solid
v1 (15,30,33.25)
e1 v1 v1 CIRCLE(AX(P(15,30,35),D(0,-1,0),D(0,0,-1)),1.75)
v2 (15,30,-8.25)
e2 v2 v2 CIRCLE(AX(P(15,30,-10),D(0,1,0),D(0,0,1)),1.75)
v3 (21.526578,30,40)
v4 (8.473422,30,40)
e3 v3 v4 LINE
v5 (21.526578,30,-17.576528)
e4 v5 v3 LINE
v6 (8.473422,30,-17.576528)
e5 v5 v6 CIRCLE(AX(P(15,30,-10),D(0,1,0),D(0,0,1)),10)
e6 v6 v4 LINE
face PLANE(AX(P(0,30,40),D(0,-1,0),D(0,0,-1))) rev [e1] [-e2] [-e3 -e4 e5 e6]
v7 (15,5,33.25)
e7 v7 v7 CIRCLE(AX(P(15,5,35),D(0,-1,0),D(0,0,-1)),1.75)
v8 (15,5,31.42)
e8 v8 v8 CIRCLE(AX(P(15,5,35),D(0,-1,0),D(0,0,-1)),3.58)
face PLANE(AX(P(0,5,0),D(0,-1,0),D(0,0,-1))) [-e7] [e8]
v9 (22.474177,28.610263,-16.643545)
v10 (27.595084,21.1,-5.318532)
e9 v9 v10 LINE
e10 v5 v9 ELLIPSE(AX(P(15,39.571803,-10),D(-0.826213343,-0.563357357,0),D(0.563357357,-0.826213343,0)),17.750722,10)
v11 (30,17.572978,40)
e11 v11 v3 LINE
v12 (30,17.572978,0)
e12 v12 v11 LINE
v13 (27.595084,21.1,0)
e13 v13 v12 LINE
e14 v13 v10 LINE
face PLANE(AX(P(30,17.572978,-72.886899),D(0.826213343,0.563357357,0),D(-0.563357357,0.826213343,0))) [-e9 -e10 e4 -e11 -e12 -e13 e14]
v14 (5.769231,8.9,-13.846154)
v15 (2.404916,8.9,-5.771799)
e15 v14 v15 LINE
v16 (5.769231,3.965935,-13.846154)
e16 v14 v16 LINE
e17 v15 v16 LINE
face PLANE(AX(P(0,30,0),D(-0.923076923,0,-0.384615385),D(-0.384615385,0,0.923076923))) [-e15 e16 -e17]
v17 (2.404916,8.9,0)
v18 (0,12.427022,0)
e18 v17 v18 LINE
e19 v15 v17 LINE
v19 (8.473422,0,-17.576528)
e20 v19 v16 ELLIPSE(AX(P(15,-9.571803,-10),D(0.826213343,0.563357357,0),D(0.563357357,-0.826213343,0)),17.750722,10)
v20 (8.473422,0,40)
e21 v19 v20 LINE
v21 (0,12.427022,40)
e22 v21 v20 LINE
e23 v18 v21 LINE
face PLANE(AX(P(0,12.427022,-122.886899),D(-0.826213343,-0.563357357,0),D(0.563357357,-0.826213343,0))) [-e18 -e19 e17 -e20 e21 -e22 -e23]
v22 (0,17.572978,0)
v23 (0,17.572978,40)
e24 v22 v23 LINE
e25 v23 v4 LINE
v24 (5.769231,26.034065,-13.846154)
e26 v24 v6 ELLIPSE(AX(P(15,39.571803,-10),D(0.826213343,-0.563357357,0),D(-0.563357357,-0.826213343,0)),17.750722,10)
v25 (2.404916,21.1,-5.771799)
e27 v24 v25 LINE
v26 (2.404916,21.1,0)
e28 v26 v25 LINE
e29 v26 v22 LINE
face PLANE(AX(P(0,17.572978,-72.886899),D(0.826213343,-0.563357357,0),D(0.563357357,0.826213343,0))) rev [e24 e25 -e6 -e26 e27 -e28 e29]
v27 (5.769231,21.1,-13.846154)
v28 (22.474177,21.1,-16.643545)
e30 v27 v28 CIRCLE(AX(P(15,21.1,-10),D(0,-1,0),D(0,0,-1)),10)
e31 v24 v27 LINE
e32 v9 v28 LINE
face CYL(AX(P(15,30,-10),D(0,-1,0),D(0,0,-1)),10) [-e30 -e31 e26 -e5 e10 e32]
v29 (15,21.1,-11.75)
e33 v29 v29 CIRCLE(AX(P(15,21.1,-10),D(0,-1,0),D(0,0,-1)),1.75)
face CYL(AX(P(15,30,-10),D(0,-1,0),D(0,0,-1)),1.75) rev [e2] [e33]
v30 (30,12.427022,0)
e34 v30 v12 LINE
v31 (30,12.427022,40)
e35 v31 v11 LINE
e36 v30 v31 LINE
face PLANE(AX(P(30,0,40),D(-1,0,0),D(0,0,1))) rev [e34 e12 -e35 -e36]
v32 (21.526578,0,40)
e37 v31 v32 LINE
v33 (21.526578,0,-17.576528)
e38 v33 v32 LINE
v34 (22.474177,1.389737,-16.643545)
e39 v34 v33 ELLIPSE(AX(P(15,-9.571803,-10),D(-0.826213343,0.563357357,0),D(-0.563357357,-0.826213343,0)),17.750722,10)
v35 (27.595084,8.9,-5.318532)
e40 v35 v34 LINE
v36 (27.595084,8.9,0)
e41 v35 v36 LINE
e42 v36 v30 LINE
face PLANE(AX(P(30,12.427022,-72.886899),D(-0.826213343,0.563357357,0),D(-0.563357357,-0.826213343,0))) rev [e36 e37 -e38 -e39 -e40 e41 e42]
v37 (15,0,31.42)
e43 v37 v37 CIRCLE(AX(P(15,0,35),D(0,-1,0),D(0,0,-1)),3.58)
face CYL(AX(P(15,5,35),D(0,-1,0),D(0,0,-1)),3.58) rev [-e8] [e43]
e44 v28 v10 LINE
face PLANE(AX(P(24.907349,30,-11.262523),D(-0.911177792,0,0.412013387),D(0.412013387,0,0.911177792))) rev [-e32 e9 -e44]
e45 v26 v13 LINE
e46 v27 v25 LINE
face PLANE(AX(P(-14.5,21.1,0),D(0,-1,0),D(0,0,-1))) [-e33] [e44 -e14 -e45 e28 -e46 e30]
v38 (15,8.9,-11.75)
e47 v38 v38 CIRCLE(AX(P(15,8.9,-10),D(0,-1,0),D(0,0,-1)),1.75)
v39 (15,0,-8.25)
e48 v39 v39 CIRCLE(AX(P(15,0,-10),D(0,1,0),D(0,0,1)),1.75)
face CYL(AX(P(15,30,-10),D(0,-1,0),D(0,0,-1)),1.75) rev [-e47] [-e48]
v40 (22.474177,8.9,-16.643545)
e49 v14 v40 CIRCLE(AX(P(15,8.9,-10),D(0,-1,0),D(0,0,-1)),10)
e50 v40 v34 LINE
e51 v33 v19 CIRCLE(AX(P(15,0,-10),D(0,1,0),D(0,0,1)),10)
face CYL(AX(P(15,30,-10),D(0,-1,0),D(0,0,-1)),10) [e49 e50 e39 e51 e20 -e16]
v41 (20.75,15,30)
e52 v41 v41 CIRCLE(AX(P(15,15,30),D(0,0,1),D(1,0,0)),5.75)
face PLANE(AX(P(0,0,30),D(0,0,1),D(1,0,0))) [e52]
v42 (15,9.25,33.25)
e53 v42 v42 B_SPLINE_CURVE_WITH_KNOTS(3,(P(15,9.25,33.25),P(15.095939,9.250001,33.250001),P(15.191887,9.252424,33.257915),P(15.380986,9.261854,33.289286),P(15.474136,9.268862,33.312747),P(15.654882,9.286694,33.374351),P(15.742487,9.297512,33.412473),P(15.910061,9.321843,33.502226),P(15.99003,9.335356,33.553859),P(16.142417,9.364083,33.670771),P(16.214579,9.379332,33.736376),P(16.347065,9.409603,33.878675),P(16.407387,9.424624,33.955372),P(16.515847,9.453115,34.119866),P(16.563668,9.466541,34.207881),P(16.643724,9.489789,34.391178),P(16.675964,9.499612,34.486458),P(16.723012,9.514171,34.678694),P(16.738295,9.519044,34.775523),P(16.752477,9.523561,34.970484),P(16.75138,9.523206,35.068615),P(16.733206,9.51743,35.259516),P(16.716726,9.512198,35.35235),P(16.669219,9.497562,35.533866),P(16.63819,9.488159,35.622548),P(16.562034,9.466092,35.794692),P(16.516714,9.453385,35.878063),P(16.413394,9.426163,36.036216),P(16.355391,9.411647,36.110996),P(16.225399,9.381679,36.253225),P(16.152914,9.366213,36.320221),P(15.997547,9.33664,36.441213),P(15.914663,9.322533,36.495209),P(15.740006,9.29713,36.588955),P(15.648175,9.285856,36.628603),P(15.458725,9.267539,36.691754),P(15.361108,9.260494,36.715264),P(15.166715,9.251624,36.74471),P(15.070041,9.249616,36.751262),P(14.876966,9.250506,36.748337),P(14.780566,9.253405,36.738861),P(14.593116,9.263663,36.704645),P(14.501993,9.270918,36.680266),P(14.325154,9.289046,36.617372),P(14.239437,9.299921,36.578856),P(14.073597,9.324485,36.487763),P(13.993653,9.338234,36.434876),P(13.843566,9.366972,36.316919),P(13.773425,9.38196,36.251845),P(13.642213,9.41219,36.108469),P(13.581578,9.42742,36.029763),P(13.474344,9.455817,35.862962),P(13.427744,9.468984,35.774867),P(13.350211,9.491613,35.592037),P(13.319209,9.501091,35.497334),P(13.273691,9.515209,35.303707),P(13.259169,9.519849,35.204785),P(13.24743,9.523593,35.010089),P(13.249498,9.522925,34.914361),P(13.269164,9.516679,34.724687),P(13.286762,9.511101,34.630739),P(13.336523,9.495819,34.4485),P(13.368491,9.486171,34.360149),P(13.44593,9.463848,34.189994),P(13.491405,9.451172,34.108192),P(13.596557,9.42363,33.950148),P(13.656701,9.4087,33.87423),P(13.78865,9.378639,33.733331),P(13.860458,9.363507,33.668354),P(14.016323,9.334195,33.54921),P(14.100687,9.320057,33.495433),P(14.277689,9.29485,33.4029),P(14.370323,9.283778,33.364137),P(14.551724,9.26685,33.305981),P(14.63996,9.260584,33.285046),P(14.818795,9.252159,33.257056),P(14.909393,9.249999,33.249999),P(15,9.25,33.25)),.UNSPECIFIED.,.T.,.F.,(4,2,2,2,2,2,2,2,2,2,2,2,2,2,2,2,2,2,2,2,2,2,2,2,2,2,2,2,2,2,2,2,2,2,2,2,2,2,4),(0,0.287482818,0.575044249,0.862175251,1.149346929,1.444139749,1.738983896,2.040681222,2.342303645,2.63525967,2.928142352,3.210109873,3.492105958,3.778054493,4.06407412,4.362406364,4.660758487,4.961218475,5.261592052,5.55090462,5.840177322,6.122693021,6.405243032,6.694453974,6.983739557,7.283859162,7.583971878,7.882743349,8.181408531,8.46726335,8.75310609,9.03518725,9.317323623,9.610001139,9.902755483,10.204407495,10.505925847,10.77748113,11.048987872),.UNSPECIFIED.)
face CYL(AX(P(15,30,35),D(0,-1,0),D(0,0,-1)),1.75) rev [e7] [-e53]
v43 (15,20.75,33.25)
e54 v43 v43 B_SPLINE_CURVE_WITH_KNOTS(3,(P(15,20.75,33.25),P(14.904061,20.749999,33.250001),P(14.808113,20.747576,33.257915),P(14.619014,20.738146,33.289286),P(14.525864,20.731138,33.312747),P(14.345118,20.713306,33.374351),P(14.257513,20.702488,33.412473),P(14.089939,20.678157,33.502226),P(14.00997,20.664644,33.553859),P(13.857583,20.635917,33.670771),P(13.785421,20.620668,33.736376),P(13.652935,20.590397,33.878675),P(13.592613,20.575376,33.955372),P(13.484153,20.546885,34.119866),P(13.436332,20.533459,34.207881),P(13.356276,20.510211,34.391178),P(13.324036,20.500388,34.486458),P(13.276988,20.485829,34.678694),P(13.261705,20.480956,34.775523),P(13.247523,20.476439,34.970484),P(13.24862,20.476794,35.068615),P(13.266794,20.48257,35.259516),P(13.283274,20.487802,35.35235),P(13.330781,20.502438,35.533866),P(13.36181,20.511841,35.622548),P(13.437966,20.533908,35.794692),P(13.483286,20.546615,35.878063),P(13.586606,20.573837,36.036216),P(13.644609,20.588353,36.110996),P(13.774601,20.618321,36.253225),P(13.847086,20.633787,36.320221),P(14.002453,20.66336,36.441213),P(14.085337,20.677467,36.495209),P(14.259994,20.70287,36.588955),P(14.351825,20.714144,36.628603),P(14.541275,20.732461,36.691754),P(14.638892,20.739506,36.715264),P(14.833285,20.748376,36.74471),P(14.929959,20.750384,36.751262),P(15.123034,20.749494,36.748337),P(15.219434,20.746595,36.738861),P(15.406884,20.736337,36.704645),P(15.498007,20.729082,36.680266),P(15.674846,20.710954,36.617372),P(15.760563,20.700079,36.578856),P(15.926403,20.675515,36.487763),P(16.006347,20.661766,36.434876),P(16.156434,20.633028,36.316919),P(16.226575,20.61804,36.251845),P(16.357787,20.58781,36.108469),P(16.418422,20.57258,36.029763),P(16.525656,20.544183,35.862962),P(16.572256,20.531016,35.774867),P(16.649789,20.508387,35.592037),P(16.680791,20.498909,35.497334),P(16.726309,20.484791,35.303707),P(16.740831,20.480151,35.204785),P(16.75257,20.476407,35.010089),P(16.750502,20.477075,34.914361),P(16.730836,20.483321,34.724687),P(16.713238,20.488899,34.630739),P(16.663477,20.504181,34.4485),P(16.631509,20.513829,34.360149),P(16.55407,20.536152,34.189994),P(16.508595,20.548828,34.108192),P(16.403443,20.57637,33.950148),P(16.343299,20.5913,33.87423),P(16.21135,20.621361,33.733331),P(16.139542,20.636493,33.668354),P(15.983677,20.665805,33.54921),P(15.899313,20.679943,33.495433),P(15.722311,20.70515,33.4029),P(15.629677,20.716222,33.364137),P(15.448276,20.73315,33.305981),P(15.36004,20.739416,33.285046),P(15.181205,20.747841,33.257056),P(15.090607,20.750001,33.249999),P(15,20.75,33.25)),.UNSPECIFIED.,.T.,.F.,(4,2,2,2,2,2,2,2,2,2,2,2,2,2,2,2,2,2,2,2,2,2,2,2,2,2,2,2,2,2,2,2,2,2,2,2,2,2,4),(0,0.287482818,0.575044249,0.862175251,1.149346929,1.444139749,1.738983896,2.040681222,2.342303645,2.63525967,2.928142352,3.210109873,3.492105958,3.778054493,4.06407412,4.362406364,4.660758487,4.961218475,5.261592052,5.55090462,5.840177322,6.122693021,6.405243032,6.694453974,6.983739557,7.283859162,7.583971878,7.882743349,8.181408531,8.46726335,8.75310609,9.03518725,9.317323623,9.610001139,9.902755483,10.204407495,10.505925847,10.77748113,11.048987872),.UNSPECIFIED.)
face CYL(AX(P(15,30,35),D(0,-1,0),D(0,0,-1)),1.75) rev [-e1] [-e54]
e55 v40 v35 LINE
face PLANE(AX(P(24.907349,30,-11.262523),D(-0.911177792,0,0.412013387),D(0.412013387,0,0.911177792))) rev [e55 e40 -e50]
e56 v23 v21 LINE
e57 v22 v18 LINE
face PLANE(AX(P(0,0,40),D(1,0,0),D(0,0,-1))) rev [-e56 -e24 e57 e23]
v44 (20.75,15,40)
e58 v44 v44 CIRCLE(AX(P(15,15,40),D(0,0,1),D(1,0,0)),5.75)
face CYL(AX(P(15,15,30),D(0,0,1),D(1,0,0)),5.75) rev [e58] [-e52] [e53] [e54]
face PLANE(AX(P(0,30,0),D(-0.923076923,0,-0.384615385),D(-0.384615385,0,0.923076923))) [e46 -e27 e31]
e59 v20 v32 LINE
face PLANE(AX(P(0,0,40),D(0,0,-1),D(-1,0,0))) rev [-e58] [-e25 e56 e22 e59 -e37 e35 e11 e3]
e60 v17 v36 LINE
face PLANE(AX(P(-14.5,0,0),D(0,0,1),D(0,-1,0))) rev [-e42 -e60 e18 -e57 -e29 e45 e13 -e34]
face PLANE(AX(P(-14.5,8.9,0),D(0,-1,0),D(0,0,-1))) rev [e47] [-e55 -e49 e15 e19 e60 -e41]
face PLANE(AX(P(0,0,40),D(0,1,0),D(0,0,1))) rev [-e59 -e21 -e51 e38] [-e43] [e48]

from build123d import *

# Parameters (mm, degrees)
SKETCH3_W            = 30
SKETCH3_H            = 30
BOSS_EXTRUDE1_DEPTH  = 40
CUT_EXTRUDE1_DEPTH   = 10
SKETCH5_R            = 3.58
CUT_EXTRUDE2_DEPTH   = 5
CUT_EXTRUDE4_START   = -40
CUT_EXTRUDE4_DEPTH   = 99.309518948
MIRROR5_START        = -40
MIRROR5_COPY_1_DEPTH = 99.309518948
SKETCH9_R            = 1.75
BOSS_EXTRUDE2_DEPTH  = 30
CUT_EXTRUDE5_DEPTH   = 30
SKETCH11_W           = 20
SKETCH11_H           = 12.2
CUT_EXTRUDE6_DEPTH   = 44.5
SKETCH15_R           = 1.75
CUT_EXTRUDE8_DEPTH   = 25


with BuildPart() as part:
    # Sketch3 → Boss-Extrude1 (new body)
    with BuildSketch(Plane.XY):
        with Locations((15, 15)):
            Rectangle(SKETCH3_W, SKETCH3_H)
    extrude(amount=BOSS_EXTRUDE1_DEPTH)

    # Sketch4 → Cut-Extrude1 (cut)
    with BuildSketch(Plane.XY.offset(40)):
        with BuildLine():
            ThreePointArc((20.75, 15), (17.200429736, 20.312307312), (10.934136008, 19.065863992))
            Line((10.934136008, 19.065863992), (19.065863992, 10.934136008))
            ThreePointArc((19.065863992, 10.934136008), (20.312307312, 12.799570264), (20.75, 15))
        make_face()
        with BuildLine():
            Line((19.065863992, 10.934136008), (10.934136008, 19.065863992))
            ThreePointArc((10.934136008, 19.065863992), (10.934136008, 10.934136008), (19.065863992, 10.934136008))
        make_face()
    extrude(amount=-CUT_EXTRUDE1_DEPTH, mode=Mode.SUBTRACT)

    # Sketch5 → Cut-Extrude2 (cut)
    with BuildSketch(Plane.XZ):
        with Locations(Location((15, 35, 0), (0, 0, 270))):
            Circle(SKETCH5_R)
    extrude(amount=-CUT_EXTRUDE2_DEPTH, mode=Mode.SUBTRACT)

    # Sketch8 → Cut-Extrude4 (cut)
    with BuildSketch(Plane(origin=(0, 0, 0), x_dir=(-1, 0, 0), z_dir=(0, 0, -1)).offset(CUT_EXTRUDE4_START)):
        Polygon((-77.236567429, -51.703622198), (-30, 17.572977849), (-21.526577959, 30), (25.70998947, 99.276600047), (-112.843210625, 193.749734905), (-215.789767524, 42.769512659), align=None)
    cut_extrude4 = extrude(amount=CUT_EXTRUDE4_DEPTH, mode=Mode.SUBTRACT)

    # Mirror4: Cut-Extrude4 across plane
    add(cut_extrude4.mirror(Plane.ZY.offset(-15)), mode=Mode.SUBTRACT)

    # Mirror5: Cut-Extrude4 across plane
    add(cut_extrude4.mirror(Plane(origin=(0, 15, 0), x_dir=(0, 0, 1), z_dir=(0, -1, 0))), mode=Mode.SUBTRACT)

    # Mirror5 copy 1 sketch → Mirror5 copy 1 (cut)
    with BuildSketch(Plane(origin=(30, 30, 0), x_dir=(1, 0, 0), z_dir=(0, 0, -1)).offset(MIRROR5_START)):
        Polygon((-77.236567429, -51.703622198), (-30, 17.572977849), (-21.526577959, 30), (25.70998947, 99.276600047), (-112.843210625, 193.749734905), (-215.789767524, 42.769512659), align=None)
    extrude(amount=MIRROR5_COPY_1_DEPTH, mode=Mode.SUBTRACT)

    # Sketch9 → Boss-Extrude2 (add)
    with BuildSketch(Plane(origin=(0, 0, 0), x_dir=(1, 0, 0), z_dir=(0, 1, 0))):
        with BuildLine():
            Line((5.769230769, 13.846153846), (0, 0))
            Line((0, 0), (30, 0))
            Line((30, 0), (24.924823528, 11.223878236))
            Line((24.924823528, 11.223878236), (22.474176558, 16.643544594))
            ThreePointArc((22.474176558, 16.643544594), (13.348408887, 19.862669355), (5.769230769, 13.846153846))
        make_face()
        with Locations(Location((15, 10, 0), (0, 0, 270))):
            Circle(SKETCH9_R, mode=Mode.SUBTRACT)
    extrude(amount=BOSS_EXTRUDE2_DEPTH)

    # Sketch10 → Cut-Extrude5 (cut)
    with BuildSketch(Plane.XY):
        Polygon((0, 17.572977849), (8.473422041, 30), (0, 30), align=None)
        Polygon((8.473422041, 0), (0, 0), (0, 12.427022151), align=None)
        Polygon((21.526577959, 0), (30, 12.427022151), (30, 0), align=None)
        Polygon((30, 17.572977849), (21.526577959, 30), (30, 30), align=None)
    extrude(amount=-CUT_EXTRUDE5_DEPTH, mode=Mode.SUBTRACT)

    # Sketch11 → Cut-Extrude6 (cut, symmetric)
    with BuildSketch(Plane(origin=(30, 0, 0), x_dir=(0, 0, -1), z_dir=(1, 0, 0))):
        with Locations((10, 15)):
            Rectangle(SKETCH11_W, SKETCH11_H)
    extrude(amount=CUT_EXTRUDE6_DEPTH, both=True, mode=Mode.SUBTRACT)

    # Sketch15 → Cut-Extrude8 (cut)
    with BuildSketch(Plane.XZ.offset(-5)):
        with Locations(Location((15, 35, 0), (0, 0, 270))):
            Circle(SKETCH15_R)
    extrude(amount=-CUT_EXTRUDE8_DEPTH, mode=Mode.SUBTRACT)


solid = part.part
